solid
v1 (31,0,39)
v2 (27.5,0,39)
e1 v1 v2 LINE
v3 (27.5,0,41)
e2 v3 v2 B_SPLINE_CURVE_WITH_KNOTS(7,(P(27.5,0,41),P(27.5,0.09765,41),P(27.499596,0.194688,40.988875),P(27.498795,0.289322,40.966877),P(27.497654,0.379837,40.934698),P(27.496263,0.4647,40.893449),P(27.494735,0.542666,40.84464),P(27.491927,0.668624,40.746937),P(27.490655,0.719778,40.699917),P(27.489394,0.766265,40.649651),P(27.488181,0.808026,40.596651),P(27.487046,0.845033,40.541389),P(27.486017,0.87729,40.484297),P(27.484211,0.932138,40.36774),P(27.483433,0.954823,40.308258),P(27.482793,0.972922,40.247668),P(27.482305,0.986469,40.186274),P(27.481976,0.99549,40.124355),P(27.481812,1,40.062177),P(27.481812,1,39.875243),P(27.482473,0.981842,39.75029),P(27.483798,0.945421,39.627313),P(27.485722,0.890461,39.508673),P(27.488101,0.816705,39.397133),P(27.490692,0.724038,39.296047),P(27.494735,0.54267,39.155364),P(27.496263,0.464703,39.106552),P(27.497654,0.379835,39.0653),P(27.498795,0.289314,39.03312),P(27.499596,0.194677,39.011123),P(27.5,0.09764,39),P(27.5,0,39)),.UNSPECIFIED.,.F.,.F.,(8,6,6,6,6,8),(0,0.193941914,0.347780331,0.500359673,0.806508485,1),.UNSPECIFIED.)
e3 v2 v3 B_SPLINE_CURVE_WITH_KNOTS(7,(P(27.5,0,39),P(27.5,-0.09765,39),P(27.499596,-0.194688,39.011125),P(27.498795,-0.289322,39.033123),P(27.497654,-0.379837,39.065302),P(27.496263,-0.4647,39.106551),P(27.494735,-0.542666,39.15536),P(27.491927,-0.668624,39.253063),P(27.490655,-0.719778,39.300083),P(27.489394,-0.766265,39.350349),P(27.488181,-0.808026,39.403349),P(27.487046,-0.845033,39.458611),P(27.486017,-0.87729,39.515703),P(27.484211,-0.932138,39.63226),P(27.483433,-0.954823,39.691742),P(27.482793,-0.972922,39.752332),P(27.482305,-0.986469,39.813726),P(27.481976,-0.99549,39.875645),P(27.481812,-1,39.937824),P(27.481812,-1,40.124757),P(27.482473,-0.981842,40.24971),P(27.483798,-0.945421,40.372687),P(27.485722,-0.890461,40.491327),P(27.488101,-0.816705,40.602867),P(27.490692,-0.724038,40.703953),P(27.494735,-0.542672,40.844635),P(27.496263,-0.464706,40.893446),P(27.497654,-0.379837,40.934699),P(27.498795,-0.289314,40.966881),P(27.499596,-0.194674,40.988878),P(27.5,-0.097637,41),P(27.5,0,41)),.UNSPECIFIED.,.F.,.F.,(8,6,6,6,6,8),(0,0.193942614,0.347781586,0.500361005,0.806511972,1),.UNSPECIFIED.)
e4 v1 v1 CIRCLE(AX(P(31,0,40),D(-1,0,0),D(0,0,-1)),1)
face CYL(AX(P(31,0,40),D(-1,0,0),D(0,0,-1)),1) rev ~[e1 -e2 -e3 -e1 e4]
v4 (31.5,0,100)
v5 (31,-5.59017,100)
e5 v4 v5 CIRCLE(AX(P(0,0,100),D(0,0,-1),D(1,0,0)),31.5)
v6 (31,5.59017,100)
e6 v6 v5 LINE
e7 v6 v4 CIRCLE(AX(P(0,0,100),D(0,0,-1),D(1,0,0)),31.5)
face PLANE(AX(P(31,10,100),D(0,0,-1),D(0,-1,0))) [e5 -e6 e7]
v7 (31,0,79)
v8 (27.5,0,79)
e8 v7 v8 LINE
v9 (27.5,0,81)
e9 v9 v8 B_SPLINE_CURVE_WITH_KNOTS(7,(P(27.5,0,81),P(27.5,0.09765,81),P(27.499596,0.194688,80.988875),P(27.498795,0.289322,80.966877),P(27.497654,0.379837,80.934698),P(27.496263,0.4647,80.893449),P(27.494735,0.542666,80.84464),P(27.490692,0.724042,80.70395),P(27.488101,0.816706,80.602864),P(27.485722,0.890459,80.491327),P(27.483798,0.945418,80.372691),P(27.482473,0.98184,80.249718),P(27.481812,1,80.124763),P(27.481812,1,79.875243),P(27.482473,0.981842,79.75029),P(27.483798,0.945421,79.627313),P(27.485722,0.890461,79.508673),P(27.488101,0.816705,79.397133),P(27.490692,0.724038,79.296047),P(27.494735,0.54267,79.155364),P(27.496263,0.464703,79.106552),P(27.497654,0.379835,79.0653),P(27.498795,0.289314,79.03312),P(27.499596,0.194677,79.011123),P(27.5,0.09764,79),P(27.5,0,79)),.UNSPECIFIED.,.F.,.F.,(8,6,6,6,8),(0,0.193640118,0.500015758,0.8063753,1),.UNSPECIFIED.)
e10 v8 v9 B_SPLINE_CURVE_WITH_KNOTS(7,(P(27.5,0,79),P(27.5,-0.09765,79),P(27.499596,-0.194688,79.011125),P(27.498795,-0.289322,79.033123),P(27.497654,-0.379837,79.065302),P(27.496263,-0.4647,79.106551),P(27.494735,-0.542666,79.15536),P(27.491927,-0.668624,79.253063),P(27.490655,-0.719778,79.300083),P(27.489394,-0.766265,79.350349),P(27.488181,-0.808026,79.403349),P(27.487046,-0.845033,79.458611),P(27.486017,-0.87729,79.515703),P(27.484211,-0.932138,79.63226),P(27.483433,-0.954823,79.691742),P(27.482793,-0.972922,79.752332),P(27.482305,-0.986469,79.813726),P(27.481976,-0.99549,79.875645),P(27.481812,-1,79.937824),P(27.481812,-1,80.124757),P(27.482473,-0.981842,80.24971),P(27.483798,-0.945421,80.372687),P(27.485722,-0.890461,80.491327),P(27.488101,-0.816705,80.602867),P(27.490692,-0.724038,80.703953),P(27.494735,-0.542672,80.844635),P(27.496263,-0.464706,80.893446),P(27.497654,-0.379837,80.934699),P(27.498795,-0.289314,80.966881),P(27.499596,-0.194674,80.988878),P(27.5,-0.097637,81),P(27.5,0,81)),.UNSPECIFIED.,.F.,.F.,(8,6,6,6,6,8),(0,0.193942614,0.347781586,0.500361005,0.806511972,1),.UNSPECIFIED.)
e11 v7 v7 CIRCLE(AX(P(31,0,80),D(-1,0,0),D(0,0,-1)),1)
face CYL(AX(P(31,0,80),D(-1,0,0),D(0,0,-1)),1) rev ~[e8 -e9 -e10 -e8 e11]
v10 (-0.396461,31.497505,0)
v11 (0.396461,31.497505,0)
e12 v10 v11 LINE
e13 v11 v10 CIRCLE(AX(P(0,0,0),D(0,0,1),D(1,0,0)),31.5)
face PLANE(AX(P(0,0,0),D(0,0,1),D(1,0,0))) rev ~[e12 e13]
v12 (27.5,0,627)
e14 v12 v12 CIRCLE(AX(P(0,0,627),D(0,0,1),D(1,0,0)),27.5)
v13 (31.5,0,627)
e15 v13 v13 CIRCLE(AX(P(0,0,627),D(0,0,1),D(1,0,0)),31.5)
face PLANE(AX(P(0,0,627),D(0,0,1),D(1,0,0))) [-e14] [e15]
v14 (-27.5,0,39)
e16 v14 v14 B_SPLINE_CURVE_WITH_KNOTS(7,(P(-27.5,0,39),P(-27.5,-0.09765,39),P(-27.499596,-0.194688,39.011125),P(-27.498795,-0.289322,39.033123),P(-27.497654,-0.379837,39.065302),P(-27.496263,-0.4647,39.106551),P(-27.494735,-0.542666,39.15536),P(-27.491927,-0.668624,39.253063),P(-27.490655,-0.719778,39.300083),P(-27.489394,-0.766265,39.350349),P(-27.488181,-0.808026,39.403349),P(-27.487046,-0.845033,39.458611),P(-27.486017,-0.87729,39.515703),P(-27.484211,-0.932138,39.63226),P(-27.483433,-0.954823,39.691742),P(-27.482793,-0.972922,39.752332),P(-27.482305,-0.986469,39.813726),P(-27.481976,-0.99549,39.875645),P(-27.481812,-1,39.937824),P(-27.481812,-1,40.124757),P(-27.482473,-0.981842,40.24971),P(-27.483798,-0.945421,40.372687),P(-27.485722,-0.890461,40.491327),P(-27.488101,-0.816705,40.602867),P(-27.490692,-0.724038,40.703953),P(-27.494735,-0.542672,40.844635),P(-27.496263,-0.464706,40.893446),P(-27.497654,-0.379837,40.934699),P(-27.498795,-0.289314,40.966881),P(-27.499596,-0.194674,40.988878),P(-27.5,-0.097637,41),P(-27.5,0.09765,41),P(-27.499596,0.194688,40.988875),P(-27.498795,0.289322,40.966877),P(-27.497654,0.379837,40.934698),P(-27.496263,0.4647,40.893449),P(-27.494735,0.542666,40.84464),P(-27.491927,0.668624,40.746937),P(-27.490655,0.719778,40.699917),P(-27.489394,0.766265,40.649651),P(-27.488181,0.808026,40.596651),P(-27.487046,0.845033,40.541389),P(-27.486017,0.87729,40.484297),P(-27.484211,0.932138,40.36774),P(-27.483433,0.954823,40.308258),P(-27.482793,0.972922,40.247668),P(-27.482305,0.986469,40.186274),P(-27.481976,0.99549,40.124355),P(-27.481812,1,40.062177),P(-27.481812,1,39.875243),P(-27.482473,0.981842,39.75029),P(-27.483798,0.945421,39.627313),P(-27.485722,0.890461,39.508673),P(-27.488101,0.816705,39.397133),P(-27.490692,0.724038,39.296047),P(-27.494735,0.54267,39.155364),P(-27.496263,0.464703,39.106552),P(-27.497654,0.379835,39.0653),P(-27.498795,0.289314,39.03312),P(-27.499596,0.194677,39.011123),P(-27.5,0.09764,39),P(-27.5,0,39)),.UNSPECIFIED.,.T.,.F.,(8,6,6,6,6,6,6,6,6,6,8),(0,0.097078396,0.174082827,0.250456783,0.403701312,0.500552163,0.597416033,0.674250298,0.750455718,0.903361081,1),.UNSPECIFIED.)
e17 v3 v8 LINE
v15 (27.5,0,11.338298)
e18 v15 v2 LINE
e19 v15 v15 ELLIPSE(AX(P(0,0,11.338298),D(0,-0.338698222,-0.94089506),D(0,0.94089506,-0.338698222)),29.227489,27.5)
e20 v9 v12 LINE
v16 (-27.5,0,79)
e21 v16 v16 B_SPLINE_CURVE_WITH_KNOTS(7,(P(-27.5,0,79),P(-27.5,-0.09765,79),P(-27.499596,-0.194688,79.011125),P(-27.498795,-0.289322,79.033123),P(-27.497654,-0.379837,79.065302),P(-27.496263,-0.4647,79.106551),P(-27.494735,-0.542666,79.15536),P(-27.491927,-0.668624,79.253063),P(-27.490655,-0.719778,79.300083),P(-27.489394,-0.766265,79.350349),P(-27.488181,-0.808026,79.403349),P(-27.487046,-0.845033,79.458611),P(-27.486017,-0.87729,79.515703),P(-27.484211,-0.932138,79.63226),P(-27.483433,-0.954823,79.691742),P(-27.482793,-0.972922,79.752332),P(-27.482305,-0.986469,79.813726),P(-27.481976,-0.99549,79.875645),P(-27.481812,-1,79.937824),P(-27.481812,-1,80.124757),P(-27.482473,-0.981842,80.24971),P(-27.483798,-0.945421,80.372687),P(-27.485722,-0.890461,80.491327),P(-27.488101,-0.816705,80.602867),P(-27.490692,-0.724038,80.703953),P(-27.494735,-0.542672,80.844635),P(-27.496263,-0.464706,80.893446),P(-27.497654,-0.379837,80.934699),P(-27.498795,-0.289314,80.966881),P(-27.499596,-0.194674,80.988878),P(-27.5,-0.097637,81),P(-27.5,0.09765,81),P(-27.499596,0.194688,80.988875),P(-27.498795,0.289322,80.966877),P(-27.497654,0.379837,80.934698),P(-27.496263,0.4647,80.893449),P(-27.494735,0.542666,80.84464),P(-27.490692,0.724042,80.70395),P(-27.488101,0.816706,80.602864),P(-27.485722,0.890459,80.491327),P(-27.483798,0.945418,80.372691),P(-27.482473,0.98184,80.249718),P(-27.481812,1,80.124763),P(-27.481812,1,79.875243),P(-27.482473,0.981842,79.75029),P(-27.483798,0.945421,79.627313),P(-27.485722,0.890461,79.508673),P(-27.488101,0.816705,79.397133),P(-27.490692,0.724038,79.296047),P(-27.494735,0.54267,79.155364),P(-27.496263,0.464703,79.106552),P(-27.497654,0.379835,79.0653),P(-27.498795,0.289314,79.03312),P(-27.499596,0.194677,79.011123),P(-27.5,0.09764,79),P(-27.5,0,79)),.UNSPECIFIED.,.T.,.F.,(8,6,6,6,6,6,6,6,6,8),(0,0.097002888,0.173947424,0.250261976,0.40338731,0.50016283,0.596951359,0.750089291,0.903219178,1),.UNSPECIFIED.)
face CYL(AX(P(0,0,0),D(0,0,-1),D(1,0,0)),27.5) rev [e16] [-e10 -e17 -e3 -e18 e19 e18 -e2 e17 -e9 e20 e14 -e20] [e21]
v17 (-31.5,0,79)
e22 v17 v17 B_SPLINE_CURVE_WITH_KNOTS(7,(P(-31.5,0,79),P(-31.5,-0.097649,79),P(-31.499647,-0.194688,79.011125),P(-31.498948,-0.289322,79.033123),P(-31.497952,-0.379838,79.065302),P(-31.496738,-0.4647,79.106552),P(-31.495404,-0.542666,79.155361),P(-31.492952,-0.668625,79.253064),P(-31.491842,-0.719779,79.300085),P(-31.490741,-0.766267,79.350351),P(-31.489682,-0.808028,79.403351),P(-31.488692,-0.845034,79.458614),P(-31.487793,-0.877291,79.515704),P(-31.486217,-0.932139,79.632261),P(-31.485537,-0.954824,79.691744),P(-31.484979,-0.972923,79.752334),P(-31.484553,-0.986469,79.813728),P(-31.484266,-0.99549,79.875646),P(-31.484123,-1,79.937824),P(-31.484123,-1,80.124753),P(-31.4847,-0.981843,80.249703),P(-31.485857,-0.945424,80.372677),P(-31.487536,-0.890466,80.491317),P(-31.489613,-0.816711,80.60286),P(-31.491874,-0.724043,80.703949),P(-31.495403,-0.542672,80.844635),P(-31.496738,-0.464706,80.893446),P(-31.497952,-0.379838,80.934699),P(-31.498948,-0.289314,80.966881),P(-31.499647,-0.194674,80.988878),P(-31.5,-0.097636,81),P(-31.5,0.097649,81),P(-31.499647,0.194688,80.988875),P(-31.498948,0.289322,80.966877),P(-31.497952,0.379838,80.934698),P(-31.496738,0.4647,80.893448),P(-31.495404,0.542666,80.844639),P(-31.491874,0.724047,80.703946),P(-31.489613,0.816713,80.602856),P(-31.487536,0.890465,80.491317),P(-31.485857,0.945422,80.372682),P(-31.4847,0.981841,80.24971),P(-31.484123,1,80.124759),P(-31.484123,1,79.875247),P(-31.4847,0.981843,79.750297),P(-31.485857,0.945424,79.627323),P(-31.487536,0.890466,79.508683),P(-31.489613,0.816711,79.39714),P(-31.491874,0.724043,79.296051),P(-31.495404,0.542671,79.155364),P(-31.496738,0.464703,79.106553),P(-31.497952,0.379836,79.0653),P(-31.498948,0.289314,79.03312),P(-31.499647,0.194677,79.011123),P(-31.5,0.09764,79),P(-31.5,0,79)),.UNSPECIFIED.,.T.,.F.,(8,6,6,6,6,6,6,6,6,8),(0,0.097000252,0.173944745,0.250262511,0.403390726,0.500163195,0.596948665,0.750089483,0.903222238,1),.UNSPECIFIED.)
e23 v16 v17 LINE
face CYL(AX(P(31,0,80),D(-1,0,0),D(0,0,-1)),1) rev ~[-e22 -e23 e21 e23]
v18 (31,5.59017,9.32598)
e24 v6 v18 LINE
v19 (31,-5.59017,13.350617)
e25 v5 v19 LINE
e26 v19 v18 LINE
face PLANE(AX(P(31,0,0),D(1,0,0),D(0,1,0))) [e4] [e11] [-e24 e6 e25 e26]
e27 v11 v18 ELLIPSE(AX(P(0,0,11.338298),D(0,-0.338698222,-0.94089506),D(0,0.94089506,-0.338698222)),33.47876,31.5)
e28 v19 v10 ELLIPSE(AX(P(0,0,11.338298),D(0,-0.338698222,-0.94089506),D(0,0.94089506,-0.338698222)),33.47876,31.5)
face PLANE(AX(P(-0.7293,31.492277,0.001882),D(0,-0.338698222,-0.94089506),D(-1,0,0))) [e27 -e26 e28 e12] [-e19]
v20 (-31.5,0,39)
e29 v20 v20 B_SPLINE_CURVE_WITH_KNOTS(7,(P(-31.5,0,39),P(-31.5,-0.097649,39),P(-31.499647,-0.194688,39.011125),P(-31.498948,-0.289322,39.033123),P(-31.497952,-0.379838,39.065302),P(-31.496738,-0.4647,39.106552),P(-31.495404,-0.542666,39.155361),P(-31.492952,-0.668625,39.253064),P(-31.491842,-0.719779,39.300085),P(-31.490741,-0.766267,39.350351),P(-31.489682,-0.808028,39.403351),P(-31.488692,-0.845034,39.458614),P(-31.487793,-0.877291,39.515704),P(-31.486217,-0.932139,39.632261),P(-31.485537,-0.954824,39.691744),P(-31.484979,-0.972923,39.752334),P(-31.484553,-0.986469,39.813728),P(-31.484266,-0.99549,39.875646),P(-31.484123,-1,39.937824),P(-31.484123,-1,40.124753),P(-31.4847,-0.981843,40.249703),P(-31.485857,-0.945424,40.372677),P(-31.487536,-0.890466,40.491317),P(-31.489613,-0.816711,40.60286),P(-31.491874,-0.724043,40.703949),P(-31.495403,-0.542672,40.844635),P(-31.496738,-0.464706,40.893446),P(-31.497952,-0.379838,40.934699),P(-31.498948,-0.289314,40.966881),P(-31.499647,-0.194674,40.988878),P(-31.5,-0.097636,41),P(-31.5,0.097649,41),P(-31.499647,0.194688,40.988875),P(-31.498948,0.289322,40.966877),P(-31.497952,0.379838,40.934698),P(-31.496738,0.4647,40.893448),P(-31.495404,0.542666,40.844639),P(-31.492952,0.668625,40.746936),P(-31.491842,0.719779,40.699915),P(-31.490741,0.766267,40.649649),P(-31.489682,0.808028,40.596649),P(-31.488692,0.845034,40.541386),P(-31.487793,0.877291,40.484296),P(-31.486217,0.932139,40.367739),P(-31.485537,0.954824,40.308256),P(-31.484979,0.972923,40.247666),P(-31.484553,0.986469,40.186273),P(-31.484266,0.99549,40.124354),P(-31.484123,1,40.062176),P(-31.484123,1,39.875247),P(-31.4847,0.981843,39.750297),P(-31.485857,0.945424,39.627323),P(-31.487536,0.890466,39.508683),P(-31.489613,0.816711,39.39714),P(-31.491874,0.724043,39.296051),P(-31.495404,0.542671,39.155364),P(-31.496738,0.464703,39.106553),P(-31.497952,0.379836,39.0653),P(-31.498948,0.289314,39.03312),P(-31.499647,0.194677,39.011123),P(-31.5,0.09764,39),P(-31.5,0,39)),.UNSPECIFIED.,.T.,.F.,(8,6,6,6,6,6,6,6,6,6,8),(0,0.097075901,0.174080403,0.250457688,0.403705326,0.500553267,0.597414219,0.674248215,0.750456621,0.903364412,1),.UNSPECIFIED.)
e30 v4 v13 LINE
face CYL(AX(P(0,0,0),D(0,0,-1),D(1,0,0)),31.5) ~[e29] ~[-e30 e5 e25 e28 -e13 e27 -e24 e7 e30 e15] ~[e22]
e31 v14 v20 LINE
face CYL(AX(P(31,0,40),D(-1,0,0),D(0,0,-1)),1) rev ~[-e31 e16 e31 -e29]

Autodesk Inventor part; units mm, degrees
sketch "Sketch1" plane through (0, 0, 0) normal (0, 0, 1) x (1, 0, 0)
  circle A0 centre (0, 0) radius 31.5
  circle A1 centre (0, 0) radius 27.5
  dimension "d0" = 63
  dimension "d2" = 4
extrude "tube" add sketch "Sketch1" along normal blind 627
sketch "Sketch15" plane through (0, 0, 627) normal (0, 0, 1) x (1, 0, 0)
  circle A0 centre (0, 0) radius 27.5 projected
  circle A1 centre (0, 0) radius 31.5 projected
  point P0 (31.5, 0)
ref_plane "Work Plane6" through (31.5, 0, 627) normal (1, 0, 0) x (0, 1, 0)
ref_plane "Work Plane7" through (31, 0, 0) normal (1, 0, 0) x (0, 1, 0)
sketch "Sketch19" plane through (31, 0, 0) normal (1, 0, 0) x (0, 1, 0)
  line L0 (-10, 0) -> (10, 0)
  line L1 (10, 0) -> (10, 100)
  line L2 (10, 100) -> (-10, 100)
  line L3 (-10, 100) -> (-10, 0)
  point P0 (0, 0)
  point P1 (0, 0)
  dimension "d67" = 20
  dimension "d68" = 100
extrude "flatFaceYellow" cut sketch "Sketch19" along normal blind 25.4
sketch "Sketch21" plane through (0, 0, 0) normal (0, 0, -1) x (-1, 0, 0)
  line L0 (-31, 5.5902) -> (-31, -5.5902) projected
  arc A0 (-31, -5.5902) -> (-31, 5.5902) centre (0, 0) ccw projected
  circle A1 centre (0, 0) radius 27.5 projected
  line L1 (0.7293, 31.4916) -> (30.8537, 31.4916) construction
ref_plane "Work Plane8" through (-0.7293, 31.4916, 0) normal (0, -0.3387, -0.9409) x (-1, 0, 0)
sketch "Sketch22" plane through (-0.7293, 31.4916, 0) normal (0, -0.3387, -0.9409) x (-1, 0, 0)
  line L0 (-34.8075, -84.5558) -> (31.7452, -84.5558)
  line L1 (31.7452, -84.5558) -> (31.7452, 8.8585)
  line L2 (31.7452, 8.8585) -> (-34.8075, 8.8585)
  line L3 (-34.8075, 8.8585) -> (-34.8075, -84.5558)
  point P0 (-0.7293, -29.6298)
extrude "angledEnd" cut sketch "Sketch22" along normal blind 25.4
sketch "Sketch23" plane through (31, 0, 0) normal (1, 0, 0) x (0, 0, -1)
  line L0 (-13.3502, -5.5902) -> (-100, -5.5902) projected
  circle A0 centre (-80, 0) radius 3.2074
  circle A1 centre (-40, 0) radius 3.2074
  point P0 (0, 0)
  dimension "d89" = 80
  dimension "d92" = 40
hole "Hole3" at (31, 0, 80) at (31, 0, 40) direction (-1, 0, 0) diameter 2 end through all
properties part number "2p5vss" material "PVC-Piping"
